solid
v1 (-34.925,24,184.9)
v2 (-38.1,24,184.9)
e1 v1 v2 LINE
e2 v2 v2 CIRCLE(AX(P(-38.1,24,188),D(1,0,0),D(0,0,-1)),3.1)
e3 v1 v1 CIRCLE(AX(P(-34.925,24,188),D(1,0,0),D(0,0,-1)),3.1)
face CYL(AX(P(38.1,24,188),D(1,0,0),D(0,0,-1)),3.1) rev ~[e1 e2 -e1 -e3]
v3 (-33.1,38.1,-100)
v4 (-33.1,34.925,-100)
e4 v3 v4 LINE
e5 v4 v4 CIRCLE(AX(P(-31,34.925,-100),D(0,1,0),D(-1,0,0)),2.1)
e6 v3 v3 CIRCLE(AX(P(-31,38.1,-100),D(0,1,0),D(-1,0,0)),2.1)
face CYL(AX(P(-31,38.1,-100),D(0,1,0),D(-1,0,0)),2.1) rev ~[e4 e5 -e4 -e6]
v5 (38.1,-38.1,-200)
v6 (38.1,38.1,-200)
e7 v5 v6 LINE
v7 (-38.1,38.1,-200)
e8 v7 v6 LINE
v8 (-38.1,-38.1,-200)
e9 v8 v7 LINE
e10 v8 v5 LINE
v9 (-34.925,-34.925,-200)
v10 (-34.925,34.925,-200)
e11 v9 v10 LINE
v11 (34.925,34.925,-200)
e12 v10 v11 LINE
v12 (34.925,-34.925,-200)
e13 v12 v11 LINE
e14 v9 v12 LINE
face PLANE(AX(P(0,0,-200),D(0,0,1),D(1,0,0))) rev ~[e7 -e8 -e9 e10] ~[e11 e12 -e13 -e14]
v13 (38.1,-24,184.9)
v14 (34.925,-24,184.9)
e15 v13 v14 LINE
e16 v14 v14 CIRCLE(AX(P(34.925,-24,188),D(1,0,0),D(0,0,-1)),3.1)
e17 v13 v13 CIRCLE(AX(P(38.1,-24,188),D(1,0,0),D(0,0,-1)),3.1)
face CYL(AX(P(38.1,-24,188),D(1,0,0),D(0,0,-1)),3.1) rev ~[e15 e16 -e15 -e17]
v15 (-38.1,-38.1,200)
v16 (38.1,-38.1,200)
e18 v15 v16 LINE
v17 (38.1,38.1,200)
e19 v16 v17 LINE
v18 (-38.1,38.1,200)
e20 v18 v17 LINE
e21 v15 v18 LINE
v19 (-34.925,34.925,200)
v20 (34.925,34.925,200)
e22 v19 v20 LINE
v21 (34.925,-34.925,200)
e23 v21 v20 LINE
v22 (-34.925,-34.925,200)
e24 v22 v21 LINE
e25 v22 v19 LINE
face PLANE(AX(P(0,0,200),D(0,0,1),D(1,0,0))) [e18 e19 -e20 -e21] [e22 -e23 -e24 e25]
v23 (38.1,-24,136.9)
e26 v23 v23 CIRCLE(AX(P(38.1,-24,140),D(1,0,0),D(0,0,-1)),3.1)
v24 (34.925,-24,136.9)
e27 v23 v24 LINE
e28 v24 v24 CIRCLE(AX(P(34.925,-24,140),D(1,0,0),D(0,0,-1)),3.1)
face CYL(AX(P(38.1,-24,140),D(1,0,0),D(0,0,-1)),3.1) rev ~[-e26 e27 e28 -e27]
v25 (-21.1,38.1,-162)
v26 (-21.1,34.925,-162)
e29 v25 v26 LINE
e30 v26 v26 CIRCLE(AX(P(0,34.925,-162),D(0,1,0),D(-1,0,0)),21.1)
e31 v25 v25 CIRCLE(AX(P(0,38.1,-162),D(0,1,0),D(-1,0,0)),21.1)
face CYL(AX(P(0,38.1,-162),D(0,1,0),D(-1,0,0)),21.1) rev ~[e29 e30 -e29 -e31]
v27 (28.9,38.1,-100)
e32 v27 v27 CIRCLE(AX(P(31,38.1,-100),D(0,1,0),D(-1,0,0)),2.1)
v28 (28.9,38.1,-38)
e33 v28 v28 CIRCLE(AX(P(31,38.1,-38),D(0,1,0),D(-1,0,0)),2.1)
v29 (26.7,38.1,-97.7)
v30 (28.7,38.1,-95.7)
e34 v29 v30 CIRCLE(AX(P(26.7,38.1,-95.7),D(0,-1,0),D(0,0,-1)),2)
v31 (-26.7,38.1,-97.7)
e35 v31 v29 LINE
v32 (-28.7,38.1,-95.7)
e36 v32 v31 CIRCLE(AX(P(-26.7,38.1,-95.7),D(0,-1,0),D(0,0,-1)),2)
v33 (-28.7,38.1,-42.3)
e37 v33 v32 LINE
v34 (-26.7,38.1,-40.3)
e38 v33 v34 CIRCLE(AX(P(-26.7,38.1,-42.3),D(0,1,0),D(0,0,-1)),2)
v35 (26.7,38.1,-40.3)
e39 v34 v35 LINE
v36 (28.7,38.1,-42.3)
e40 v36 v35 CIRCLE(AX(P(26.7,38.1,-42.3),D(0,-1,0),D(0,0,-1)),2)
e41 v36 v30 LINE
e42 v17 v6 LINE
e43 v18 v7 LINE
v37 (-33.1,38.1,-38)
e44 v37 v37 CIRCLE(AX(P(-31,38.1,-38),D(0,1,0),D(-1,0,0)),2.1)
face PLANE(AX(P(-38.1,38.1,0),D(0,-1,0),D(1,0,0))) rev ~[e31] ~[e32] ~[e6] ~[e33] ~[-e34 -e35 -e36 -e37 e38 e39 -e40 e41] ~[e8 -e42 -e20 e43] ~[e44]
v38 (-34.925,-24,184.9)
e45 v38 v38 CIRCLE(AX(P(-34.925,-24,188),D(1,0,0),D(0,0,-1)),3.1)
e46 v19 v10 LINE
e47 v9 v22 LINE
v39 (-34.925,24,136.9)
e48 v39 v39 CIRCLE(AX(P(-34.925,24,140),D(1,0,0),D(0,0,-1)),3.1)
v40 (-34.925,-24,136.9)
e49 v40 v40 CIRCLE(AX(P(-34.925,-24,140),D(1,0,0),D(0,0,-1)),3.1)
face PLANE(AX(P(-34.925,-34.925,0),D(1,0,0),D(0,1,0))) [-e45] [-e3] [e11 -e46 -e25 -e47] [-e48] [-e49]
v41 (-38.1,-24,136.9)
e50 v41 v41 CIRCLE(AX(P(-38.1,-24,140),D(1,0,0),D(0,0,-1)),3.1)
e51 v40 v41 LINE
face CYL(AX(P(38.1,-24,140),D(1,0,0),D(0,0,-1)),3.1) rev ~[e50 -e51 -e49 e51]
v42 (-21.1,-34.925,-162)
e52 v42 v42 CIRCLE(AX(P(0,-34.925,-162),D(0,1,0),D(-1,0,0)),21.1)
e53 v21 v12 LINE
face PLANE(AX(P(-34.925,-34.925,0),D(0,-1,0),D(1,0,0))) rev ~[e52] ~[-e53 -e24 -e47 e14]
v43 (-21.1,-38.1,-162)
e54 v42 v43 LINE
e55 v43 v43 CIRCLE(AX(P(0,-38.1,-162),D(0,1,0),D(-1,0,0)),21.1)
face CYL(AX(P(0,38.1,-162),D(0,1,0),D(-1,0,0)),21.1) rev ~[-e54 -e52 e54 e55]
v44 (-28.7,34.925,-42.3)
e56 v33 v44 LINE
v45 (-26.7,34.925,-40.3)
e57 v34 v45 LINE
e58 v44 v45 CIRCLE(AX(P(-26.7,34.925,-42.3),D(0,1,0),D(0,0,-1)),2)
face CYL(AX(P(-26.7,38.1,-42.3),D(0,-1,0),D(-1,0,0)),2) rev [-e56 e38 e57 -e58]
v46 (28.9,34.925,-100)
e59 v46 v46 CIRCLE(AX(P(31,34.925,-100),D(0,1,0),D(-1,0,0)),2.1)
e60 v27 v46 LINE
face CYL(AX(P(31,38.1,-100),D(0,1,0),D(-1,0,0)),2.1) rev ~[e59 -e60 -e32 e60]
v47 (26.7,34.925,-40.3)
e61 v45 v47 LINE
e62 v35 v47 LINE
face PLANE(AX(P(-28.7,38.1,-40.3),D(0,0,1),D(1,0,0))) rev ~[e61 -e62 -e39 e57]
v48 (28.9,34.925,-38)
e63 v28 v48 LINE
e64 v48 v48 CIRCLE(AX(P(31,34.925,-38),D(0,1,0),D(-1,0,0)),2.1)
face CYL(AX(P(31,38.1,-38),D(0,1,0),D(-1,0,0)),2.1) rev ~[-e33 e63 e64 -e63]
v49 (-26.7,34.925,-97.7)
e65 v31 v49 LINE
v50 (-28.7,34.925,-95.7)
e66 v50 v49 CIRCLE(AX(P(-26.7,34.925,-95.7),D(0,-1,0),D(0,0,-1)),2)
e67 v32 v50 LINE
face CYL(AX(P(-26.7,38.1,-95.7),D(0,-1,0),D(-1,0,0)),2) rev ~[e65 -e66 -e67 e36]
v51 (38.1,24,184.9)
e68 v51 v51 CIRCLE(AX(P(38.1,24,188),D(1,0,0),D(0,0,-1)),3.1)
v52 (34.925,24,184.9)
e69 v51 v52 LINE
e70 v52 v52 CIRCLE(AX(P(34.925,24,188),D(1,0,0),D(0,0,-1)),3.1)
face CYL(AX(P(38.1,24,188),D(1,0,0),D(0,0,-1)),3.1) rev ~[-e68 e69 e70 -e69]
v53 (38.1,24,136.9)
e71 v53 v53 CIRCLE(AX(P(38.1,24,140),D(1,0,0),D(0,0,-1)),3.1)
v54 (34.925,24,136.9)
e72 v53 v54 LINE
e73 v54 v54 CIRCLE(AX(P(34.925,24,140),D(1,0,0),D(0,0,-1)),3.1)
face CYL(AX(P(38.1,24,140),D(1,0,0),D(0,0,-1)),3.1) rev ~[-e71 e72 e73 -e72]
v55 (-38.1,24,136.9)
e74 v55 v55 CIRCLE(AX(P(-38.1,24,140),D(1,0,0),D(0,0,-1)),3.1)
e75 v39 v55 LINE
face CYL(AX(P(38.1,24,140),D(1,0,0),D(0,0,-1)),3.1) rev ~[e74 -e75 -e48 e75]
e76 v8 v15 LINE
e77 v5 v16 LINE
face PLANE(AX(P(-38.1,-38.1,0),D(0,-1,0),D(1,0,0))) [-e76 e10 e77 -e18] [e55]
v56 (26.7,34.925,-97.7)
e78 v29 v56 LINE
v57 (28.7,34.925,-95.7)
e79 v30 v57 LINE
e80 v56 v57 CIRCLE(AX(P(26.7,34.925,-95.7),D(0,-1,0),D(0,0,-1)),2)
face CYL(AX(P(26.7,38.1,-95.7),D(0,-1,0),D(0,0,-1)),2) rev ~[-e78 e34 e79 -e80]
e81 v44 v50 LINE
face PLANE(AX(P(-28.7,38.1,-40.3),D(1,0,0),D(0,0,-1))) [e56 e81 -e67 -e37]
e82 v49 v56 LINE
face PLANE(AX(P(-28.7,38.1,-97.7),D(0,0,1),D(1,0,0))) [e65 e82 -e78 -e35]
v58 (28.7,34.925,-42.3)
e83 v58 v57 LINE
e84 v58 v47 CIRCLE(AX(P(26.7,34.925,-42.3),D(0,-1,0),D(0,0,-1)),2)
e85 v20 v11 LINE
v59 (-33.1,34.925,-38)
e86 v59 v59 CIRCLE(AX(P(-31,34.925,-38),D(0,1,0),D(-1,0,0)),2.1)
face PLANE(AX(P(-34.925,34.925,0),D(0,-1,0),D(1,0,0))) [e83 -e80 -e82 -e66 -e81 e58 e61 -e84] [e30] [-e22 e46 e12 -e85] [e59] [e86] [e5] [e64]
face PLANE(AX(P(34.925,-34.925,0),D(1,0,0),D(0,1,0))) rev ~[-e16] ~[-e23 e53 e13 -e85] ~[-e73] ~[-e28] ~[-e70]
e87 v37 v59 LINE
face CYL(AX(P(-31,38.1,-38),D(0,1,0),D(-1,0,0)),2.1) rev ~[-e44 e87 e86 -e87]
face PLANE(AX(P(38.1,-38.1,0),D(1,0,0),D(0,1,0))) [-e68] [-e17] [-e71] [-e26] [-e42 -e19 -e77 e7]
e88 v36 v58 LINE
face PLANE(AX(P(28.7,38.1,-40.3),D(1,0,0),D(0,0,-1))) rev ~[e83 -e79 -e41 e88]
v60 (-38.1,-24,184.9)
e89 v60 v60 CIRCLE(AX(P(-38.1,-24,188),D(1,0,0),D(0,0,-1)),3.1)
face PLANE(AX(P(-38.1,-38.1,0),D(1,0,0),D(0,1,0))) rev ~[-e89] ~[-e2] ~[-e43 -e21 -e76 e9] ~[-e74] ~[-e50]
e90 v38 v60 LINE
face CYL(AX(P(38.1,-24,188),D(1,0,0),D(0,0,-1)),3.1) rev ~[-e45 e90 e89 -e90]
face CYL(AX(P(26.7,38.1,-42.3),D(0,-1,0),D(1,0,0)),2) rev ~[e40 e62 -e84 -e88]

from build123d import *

# Parameters (mm, degrees)
SKETCH1_W           = 76.2
SKETCH1_H           = 76.2
SKETCH1_W_2         = 69.85
SKETCH1_H_2         = 69.85
BOSS_EXTRUDE1_DEPTH = 200
SKETCH4_R           = 3.1
CUT_EXTRUDE2_DEPTH  = 218.389167163
CUT_EXTRUDE3_REACH  = 219.389
SKETCH5_R           = 2.1
SKETCH5_W           = 57.4
SKETCH5_H           = 57.4
FILLET1_R           = 2
SKETCH6_R           = 21.1
CUT_EXTRUDE4_DEPTH  = 218.389167163


with BuildPart() as part:
    # Sketch1 → Boss-Extrude1 (new, symmetric)
    with BuildSketch(Plane.XY):
        Rectangle(SKETCH1_W, SKETCH1_H)
        Rectangle(SKETCH1_W_2, SKETCH1_H_2, mode=Mode.SUBTRACT)
    extrude(amount=BOSS_EXTRUDE1_DEPTH, both=True)

    # Sketch4 → Cut-Extrude2 (cut, through all)
    with BuildSketch(Plane(origin=(38.1, 0, 0), x_dir=(0, 0, -1), z_dir=(1, 0, 0))):
        with Locations((-140, 24)):
            Circle(SKETCH4_R)
        with Locations((-188, 24)):
            Circle(SKETCH4_R)
        with Locations((-140, -24)):
            Circle(SKETCH4_R)
        with Locations((-188, -24)):
            Circle(SKETCH4_R)
    extrude(amount=-CUT_EXTRUDE2_DEPTH, mode=Mode.SUBTRACT)

    # Sketch5 → Cut-Extrude3 (cut, up to next)
    with BuildSketch(Plane(origin=(0, 38.1, 0), x_dir=(1, 0, 0), z_dir=(0, 1, 0)), mode=Mode.PRIVATE) as cut_extrude3_sk1:
        with Locations(Location((31, 38, 0), (0, 0, 180))):
            Circle(SKETCH5_R)
    cut_extrude3_tool1 = extrude(cut_extrude3_sk1.sketch, amount=-CUT_EXTRUDE3_REACH, mode=Mode.PRIVATE) & part.part
    # Sketch5 → Cut-Extrude3 (cut, up to next)
    with BuildSketch(Plane(origin=(0, 38.1, 0), x_dir=(1, 0, 0), z_dir=(0, 1, 0)), mode=Mode.PRIVATE) as cut_extrude3_sk2:
        with Locations(Location((-31, 100, 0), (0, 0, 180))):
            Circle(SKETCH5_R)
    cut_extrude3_tool2 = extrude(cut_extrude3_sk2.sketch, amount=-CUT_EXTRUDE3_REACH, mode=Mode.PRIVATE) & part.part
    # Sketch5 → Cut-Extrude3 (cut, up to next)
    with BuildSketch(Plane(origin=(0, 38.1, 0), x_dir=(1, 0, 0), z_dir=(0, 1, 0)), mode=Mode.PRIVATE) as cut_extrude3_sk3:
        with Locations(Location((-31, 38, 0), (0, 0, 180))):
            Circle(SKETCH5_R)
    cut_extrude3_tool3 = extrude(cut_extrude3_sk3.sketch, amount=-CUT_EXTRUDE3_REACH, mode=Mode.PRIVATE) & part.part
    # Sketch5 → Cut-Extrude3 (cut, up to next)
    with BuildSketch(Plane(origin=(0, 38.1, 0), x_dir=(1, 0, 0), z_dir=(0, 1, 0)), mode=Mode.PRIVATE) as cut_extrude3_sk4:
        with Locations(Location((31, 100, 0), (0, 0, 180))):
            Circle(SKETCH5_R)
    cut_extrude3_tool4 = extrude(cut_extrude3_sk4.sketch, amount=-CUT_EXTRUDE3_REACH, mode=Mode.PRIVATE) & part.part
    # Sketch5 → Cut-Extrude3 (cut, up to next)
    with BuildSketch(Plane(origin=(0, 38.1, 0), x_dir=(1, 0, 0), z_dir=(0, 1, 0)), mode=Mode.PRIVATE) as cut_extrude3_sk5:
        with Locations((0, 69)):
            Rectangle(SKETCH5_W, SKETCH5_H)
    cut_extrude3_tool5 = extrude(cut_extrude3_sk5.sketch, amount=-CUT_EXTRUDE3_REACH, mode=Mode.PRIVATE) & part.part
    add(cut_extrude3_tool1.solids().sort_by_distance((31, 38.1, -38))[0], mode=Mode.SUBTRACT)
    add(cut_extrude3_tool2.solids().sort_by_distance((-31, 38.1, -100))[0], mode=Mode.SUBTRACT)
    add(cut_extrude3_tool3.solids().sort_by_distance((-31, 38.1, -38))[0], mode=Mode.SUBTRACT)
    add(cut_extrude3_tool4.solids().sort_by_distance((31, 38.1, -100))[0], mode=Mode.SUBTRACT)
    add(cut_extrude3_tool5.solids().sort_by_distance((0, 38.1, -69))[0], mode=Mode.SUBTRACT)

    # Fillet1
    fillet1_edges = [part.edges().sort_by_distance(p)[0] for p in [
        (28.7, 36.5125, -97.7),
        (-28.7, 36.5125, -97.7),
        (-28.7, 36.5125, -40.3),
        (28.7, 36.5125, -40.3),
    ]]
    fillet(fillet1_edges, radius=FILLET1_R)

    # Sketch6 → Cut-Extrude4 (cut, through all)
    with BuildSketch(Plane(origin=(0, 38.1, 0), x_dir=(1, 0, 0), z_dir=(0, 1, 0))):
        with Locations(Location((0, 162, 0), (0, 0, 180))):
            Circle(SKETCH6_R)
    extrude(amount=-CUT_EXTRUDE4_DEPTH, mode=Mode.SUBTRACT)


solid = part.part
